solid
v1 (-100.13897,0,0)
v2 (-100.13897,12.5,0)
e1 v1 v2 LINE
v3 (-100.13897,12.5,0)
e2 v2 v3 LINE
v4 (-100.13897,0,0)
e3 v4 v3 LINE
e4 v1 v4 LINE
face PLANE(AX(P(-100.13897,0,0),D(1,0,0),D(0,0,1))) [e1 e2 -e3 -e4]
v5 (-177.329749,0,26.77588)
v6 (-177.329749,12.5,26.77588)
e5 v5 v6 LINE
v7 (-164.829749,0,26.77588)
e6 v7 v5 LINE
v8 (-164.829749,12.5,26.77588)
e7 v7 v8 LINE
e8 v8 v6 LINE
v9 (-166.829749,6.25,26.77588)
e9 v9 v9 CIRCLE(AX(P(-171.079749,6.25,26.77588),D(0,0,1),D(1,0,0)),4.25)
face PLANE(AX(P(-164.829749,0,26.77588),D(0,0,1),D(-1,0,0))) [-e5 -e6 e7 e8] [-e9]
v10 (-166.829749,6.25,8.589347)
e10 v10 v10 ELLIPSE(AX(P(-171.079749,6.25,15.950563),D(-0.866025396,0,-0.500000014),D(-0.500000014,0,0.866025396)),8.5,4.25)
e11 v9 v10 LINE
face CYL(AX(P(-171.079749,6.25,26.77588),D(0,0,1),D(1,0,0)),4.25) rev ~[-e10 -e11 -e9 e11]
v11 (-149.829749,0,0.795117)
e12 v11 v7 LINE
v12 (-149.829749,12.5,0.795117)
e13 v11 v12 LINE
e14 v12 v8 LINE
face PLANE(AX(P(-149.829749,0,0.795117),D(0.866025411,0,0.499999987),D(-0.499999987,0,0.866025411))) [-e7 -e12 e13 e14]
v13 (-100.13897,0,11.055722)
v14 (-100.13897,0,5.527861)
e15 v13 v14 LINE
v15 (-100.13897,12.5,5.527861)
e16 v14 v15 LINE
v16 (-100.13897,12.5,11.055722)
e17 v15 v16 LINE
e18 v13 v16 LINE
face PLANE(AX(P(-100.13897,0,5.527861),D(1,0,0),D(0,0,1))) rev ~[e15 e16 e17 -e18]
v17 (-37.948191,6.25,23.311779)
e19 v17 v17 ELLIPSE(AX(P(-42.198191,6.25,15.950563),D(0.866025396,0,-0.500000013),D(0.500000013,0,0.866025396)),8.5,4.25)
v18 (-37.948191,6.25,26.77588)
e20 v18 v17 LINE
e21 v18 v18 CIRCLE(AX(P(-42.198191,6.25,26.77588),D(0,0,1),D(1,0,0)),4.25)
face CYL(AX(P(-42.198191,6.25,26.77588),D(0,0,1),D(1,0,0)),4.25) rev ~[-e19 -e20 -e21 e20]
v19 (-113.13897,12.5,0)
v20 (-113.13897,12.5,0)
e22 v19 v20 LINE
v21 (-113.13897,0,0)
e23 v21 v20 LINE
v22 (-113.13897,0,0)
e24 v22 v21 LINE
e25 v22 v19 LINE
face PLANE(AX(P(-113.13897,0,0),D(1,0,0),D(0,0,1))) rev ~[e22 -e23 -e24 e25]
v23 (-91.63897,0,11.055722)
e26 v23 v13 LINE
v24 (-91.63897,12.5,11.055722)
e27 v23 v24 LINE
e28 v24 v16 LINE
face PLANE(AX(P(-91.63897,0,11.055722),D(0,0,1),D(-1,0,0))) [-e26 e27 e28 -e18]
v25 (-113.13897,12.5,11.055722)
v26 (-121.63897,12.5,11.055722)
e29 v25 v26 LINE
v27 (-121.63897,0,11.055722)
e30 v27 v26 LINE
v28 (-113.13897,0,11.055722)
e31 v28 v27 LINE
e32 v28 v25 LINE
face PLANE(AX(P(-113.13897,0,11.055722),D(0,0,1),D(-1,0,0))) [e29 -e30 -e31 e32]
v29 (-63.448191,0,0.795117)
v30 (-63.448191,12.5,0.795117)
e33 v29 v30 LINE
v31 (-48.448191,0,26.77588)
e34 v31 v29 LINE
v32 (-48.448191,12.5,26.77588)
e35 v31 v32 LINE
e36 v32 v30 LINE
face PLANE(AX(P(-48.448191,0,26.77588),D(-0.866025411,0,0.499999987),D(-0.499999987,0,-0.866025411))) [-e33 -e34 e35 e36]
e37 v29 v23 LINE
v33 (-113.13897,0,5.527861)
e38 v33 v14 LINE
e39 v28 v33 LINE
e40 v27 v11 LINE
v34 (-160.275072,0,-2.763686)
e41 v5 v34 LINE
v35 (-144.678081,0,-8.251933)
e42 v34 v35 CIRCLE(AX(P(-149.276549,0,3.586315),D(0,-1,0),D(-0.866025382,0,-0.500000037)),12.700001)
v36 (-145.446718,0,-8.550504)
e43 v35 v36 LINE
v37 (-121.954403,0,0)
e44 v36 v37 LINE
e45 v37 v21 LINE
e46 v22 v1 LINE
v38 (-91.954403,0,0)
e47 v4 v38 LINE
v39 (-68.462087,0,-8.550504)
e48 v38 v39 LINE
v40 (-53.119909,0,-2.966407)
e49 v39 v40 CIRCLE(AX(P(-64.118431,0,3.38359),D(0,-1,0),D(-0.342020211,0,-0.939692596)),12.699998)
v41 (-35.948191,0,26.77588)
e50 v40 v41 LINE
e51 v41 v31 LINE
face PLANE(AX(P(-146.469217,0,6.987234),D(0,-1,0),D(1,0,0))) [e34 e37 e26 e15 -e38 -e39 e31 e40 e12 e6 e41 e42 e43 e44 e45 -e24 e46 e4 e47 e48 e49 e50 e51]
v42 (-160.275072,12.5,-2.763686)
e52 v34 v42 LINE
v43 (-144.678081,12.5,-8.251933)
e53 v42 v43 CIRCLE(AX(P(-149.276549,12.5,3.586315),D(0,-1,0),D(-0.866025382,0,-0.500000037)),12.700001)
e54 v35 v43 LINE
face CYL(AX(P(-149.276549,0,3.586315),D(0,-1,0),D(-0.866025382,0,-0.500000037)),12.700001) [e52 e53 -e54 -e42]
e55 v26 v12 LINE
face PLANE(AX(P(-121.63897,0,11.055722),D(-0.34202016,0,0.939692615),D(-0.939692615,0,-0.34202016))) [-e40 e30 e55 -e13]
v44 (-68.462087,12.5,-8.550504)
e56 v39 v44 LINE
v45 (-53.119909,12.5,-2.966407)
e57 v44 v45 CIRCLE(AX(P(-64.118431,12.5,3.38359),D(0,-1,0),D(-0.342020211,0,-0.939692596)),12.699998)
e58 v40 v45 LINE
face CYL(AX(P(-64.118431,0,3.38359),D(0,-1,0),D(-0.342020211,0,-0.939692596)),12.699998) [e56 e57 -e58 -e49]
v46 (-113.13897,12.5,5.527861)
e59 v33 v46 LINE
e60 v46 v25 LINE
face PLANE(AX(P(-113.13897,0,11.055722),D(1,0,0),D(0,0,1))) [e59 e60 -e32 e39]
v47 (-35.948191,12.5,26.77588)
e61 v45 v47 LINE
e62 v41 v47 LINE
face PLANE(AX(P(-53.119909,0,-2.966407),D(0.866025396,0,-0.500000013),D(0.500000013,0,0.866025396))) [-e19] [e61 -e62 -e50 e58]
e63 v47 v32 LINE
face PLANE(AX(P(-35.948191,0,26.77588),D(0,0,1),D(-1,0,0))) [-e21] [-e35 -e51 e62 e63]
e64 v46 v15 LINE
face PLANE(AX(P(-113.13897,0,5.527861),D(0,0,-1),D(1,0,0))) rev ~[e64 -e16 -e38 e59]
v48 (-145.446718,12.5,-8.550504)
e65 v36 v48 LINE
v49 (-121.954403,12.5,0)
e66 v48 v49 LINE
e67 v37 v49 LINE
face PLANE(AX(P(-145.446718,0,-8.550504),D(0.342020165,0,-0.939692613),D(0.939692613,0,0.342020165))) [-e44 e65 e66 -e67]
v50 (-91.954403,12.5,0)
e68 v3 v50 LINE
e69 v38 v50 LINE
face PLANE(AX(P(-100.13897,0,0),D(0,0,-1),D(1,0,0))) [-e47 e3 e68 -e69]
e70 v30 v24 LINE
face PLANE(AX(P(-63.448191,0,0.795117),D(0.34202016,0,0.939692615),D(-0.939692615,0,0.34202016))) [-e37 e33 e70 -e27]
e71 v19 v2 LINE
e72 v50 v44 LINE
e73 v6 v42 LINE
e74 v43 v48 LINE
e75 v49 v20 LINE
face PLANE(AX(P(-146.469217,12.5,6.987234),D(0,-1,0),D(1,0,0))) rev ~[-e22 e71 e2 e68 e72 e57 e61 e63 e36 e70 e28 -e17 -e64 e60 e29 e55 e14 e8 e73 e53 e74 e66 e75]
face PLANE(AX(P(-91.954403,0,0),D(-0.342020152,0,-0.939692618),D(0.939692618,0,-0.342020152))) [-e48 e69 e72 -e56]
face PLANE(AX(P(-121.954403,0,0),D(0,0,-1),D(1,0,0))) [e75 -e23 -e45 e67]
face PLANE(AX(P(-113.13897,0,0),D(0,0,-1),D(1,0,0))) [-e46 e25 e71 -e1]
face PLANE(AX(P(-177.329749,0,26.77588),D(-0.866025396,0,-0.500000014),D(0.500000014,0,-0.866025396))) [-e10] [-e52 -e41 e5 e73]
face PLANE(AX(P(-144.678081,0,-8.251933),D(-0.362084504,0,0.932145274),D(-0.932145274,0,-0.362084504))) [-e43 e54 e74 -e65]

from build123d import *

# Parameters (mm, degrees)
F0_W     = 13
F0_H     = 5.527861
F1_DEPTH = 12.5
F3_R     = 4.25
F4_DEPTH = 33.782
F2_R     = 4.25
F5_DEPTH = 25.4
F6_DEPTH = 25.4


with BuildPart() as f1:
    # F0 (on Front) → F1 (new body)
    with BuildSketch(Plane.XZ):
        with BuildLine():
            Line((-113.13897, 5.527861), (-113.13897, 11.055722))
            Line((-113.13897, 11.055722), (-121.63897, 11.055722))
            Line((-121.63897, 11.055722), (-149.829749, 0.795117))
            Line((-149.829749, 0.795117), (-164.829749, 26.77588))
            Line((-164.829749, 26.77588), (-177.329749, 26.77588))
            Line((-177.329749, 26.77588), (-160.275072, -2.763686))
            ThreePointArc((-160.275072, -2.763686), (-153.492043, -8.393653), (-144.678081, -8.251933))
            Line((-144.678081, -8.251933), (-145.446718, -8.550504))
            Line((-145.446718, -8.550504), (-121.954403, 0))
            Line((-121.954403, 0), (-113.13897, 0))
            Line((-113.13897, 0), (-113.13897, 5.527861))
        make_face()
        with Locations((-106.63897, 8.291791)):
            Rectangle(F0_W, F0_H)
        with Locations((-106.63897, 2.76393)):
            Rectangle(F0_W, F0_H)
        with BuildLine():
            Line((-53.119909, -2.966407), (-35.948191, 26.77588))
            Line((-35.948191, 26.77588), (-48.448191, 26.77588))
            Line((-48.448191, 26.77588), (-63.448191, 0.795117))
            Line((-63.448191, 0.795117), (-91.63897, 11.055722))
            Line((-91.63897, 11.055722), (-100.13897, 11.055722))
            Line((-100.13897, 11.055722), (-100.13897, 5.527861))
            Line((-100.13897, 5.527861), (-100.13897, 0))
            Line((-100.13897, 0), (-91.954403, 0))
            Line((-91.954403, 0), (-68.462087, -8.550504))
            ThreePointArc((-68.462087, -8.550504), (-59.774775, -8.550504), (-53.119909, -2.966407))
        make_face()
    extrude(amount=-F1_DEPTH)

    # F3 (on face) → F4 (cut)
    with BuildSketch(Plane.XY.offset(26.77588)):
        with Locations((-171.079749, 6.25)):
            Circle(F3_R)
    extrude(amount=-F4_DEPTH, mode=Mode.SUBTRACT)

    # F2 (on face) → F5 (cut)
    with BuildSketch(Plane.XY.offset(26.77588)):
        with Locations((-42.198191, 6.25)):
            Circle(F2_R)
    extrude(amount=-F5_DEPTH, mode=Mode.SUBTRACT)

    # F0 (on Front) → F6 (cut)
    with BuildSketch(Plane.XZ):
        with Locations((-106.63897, 8.291791)):
            Rectangle(F0_W, F0_H)
    extrude(amount=-F6_DEPTH, mode=Mode.SUBTRACT)


solid = f1.part
